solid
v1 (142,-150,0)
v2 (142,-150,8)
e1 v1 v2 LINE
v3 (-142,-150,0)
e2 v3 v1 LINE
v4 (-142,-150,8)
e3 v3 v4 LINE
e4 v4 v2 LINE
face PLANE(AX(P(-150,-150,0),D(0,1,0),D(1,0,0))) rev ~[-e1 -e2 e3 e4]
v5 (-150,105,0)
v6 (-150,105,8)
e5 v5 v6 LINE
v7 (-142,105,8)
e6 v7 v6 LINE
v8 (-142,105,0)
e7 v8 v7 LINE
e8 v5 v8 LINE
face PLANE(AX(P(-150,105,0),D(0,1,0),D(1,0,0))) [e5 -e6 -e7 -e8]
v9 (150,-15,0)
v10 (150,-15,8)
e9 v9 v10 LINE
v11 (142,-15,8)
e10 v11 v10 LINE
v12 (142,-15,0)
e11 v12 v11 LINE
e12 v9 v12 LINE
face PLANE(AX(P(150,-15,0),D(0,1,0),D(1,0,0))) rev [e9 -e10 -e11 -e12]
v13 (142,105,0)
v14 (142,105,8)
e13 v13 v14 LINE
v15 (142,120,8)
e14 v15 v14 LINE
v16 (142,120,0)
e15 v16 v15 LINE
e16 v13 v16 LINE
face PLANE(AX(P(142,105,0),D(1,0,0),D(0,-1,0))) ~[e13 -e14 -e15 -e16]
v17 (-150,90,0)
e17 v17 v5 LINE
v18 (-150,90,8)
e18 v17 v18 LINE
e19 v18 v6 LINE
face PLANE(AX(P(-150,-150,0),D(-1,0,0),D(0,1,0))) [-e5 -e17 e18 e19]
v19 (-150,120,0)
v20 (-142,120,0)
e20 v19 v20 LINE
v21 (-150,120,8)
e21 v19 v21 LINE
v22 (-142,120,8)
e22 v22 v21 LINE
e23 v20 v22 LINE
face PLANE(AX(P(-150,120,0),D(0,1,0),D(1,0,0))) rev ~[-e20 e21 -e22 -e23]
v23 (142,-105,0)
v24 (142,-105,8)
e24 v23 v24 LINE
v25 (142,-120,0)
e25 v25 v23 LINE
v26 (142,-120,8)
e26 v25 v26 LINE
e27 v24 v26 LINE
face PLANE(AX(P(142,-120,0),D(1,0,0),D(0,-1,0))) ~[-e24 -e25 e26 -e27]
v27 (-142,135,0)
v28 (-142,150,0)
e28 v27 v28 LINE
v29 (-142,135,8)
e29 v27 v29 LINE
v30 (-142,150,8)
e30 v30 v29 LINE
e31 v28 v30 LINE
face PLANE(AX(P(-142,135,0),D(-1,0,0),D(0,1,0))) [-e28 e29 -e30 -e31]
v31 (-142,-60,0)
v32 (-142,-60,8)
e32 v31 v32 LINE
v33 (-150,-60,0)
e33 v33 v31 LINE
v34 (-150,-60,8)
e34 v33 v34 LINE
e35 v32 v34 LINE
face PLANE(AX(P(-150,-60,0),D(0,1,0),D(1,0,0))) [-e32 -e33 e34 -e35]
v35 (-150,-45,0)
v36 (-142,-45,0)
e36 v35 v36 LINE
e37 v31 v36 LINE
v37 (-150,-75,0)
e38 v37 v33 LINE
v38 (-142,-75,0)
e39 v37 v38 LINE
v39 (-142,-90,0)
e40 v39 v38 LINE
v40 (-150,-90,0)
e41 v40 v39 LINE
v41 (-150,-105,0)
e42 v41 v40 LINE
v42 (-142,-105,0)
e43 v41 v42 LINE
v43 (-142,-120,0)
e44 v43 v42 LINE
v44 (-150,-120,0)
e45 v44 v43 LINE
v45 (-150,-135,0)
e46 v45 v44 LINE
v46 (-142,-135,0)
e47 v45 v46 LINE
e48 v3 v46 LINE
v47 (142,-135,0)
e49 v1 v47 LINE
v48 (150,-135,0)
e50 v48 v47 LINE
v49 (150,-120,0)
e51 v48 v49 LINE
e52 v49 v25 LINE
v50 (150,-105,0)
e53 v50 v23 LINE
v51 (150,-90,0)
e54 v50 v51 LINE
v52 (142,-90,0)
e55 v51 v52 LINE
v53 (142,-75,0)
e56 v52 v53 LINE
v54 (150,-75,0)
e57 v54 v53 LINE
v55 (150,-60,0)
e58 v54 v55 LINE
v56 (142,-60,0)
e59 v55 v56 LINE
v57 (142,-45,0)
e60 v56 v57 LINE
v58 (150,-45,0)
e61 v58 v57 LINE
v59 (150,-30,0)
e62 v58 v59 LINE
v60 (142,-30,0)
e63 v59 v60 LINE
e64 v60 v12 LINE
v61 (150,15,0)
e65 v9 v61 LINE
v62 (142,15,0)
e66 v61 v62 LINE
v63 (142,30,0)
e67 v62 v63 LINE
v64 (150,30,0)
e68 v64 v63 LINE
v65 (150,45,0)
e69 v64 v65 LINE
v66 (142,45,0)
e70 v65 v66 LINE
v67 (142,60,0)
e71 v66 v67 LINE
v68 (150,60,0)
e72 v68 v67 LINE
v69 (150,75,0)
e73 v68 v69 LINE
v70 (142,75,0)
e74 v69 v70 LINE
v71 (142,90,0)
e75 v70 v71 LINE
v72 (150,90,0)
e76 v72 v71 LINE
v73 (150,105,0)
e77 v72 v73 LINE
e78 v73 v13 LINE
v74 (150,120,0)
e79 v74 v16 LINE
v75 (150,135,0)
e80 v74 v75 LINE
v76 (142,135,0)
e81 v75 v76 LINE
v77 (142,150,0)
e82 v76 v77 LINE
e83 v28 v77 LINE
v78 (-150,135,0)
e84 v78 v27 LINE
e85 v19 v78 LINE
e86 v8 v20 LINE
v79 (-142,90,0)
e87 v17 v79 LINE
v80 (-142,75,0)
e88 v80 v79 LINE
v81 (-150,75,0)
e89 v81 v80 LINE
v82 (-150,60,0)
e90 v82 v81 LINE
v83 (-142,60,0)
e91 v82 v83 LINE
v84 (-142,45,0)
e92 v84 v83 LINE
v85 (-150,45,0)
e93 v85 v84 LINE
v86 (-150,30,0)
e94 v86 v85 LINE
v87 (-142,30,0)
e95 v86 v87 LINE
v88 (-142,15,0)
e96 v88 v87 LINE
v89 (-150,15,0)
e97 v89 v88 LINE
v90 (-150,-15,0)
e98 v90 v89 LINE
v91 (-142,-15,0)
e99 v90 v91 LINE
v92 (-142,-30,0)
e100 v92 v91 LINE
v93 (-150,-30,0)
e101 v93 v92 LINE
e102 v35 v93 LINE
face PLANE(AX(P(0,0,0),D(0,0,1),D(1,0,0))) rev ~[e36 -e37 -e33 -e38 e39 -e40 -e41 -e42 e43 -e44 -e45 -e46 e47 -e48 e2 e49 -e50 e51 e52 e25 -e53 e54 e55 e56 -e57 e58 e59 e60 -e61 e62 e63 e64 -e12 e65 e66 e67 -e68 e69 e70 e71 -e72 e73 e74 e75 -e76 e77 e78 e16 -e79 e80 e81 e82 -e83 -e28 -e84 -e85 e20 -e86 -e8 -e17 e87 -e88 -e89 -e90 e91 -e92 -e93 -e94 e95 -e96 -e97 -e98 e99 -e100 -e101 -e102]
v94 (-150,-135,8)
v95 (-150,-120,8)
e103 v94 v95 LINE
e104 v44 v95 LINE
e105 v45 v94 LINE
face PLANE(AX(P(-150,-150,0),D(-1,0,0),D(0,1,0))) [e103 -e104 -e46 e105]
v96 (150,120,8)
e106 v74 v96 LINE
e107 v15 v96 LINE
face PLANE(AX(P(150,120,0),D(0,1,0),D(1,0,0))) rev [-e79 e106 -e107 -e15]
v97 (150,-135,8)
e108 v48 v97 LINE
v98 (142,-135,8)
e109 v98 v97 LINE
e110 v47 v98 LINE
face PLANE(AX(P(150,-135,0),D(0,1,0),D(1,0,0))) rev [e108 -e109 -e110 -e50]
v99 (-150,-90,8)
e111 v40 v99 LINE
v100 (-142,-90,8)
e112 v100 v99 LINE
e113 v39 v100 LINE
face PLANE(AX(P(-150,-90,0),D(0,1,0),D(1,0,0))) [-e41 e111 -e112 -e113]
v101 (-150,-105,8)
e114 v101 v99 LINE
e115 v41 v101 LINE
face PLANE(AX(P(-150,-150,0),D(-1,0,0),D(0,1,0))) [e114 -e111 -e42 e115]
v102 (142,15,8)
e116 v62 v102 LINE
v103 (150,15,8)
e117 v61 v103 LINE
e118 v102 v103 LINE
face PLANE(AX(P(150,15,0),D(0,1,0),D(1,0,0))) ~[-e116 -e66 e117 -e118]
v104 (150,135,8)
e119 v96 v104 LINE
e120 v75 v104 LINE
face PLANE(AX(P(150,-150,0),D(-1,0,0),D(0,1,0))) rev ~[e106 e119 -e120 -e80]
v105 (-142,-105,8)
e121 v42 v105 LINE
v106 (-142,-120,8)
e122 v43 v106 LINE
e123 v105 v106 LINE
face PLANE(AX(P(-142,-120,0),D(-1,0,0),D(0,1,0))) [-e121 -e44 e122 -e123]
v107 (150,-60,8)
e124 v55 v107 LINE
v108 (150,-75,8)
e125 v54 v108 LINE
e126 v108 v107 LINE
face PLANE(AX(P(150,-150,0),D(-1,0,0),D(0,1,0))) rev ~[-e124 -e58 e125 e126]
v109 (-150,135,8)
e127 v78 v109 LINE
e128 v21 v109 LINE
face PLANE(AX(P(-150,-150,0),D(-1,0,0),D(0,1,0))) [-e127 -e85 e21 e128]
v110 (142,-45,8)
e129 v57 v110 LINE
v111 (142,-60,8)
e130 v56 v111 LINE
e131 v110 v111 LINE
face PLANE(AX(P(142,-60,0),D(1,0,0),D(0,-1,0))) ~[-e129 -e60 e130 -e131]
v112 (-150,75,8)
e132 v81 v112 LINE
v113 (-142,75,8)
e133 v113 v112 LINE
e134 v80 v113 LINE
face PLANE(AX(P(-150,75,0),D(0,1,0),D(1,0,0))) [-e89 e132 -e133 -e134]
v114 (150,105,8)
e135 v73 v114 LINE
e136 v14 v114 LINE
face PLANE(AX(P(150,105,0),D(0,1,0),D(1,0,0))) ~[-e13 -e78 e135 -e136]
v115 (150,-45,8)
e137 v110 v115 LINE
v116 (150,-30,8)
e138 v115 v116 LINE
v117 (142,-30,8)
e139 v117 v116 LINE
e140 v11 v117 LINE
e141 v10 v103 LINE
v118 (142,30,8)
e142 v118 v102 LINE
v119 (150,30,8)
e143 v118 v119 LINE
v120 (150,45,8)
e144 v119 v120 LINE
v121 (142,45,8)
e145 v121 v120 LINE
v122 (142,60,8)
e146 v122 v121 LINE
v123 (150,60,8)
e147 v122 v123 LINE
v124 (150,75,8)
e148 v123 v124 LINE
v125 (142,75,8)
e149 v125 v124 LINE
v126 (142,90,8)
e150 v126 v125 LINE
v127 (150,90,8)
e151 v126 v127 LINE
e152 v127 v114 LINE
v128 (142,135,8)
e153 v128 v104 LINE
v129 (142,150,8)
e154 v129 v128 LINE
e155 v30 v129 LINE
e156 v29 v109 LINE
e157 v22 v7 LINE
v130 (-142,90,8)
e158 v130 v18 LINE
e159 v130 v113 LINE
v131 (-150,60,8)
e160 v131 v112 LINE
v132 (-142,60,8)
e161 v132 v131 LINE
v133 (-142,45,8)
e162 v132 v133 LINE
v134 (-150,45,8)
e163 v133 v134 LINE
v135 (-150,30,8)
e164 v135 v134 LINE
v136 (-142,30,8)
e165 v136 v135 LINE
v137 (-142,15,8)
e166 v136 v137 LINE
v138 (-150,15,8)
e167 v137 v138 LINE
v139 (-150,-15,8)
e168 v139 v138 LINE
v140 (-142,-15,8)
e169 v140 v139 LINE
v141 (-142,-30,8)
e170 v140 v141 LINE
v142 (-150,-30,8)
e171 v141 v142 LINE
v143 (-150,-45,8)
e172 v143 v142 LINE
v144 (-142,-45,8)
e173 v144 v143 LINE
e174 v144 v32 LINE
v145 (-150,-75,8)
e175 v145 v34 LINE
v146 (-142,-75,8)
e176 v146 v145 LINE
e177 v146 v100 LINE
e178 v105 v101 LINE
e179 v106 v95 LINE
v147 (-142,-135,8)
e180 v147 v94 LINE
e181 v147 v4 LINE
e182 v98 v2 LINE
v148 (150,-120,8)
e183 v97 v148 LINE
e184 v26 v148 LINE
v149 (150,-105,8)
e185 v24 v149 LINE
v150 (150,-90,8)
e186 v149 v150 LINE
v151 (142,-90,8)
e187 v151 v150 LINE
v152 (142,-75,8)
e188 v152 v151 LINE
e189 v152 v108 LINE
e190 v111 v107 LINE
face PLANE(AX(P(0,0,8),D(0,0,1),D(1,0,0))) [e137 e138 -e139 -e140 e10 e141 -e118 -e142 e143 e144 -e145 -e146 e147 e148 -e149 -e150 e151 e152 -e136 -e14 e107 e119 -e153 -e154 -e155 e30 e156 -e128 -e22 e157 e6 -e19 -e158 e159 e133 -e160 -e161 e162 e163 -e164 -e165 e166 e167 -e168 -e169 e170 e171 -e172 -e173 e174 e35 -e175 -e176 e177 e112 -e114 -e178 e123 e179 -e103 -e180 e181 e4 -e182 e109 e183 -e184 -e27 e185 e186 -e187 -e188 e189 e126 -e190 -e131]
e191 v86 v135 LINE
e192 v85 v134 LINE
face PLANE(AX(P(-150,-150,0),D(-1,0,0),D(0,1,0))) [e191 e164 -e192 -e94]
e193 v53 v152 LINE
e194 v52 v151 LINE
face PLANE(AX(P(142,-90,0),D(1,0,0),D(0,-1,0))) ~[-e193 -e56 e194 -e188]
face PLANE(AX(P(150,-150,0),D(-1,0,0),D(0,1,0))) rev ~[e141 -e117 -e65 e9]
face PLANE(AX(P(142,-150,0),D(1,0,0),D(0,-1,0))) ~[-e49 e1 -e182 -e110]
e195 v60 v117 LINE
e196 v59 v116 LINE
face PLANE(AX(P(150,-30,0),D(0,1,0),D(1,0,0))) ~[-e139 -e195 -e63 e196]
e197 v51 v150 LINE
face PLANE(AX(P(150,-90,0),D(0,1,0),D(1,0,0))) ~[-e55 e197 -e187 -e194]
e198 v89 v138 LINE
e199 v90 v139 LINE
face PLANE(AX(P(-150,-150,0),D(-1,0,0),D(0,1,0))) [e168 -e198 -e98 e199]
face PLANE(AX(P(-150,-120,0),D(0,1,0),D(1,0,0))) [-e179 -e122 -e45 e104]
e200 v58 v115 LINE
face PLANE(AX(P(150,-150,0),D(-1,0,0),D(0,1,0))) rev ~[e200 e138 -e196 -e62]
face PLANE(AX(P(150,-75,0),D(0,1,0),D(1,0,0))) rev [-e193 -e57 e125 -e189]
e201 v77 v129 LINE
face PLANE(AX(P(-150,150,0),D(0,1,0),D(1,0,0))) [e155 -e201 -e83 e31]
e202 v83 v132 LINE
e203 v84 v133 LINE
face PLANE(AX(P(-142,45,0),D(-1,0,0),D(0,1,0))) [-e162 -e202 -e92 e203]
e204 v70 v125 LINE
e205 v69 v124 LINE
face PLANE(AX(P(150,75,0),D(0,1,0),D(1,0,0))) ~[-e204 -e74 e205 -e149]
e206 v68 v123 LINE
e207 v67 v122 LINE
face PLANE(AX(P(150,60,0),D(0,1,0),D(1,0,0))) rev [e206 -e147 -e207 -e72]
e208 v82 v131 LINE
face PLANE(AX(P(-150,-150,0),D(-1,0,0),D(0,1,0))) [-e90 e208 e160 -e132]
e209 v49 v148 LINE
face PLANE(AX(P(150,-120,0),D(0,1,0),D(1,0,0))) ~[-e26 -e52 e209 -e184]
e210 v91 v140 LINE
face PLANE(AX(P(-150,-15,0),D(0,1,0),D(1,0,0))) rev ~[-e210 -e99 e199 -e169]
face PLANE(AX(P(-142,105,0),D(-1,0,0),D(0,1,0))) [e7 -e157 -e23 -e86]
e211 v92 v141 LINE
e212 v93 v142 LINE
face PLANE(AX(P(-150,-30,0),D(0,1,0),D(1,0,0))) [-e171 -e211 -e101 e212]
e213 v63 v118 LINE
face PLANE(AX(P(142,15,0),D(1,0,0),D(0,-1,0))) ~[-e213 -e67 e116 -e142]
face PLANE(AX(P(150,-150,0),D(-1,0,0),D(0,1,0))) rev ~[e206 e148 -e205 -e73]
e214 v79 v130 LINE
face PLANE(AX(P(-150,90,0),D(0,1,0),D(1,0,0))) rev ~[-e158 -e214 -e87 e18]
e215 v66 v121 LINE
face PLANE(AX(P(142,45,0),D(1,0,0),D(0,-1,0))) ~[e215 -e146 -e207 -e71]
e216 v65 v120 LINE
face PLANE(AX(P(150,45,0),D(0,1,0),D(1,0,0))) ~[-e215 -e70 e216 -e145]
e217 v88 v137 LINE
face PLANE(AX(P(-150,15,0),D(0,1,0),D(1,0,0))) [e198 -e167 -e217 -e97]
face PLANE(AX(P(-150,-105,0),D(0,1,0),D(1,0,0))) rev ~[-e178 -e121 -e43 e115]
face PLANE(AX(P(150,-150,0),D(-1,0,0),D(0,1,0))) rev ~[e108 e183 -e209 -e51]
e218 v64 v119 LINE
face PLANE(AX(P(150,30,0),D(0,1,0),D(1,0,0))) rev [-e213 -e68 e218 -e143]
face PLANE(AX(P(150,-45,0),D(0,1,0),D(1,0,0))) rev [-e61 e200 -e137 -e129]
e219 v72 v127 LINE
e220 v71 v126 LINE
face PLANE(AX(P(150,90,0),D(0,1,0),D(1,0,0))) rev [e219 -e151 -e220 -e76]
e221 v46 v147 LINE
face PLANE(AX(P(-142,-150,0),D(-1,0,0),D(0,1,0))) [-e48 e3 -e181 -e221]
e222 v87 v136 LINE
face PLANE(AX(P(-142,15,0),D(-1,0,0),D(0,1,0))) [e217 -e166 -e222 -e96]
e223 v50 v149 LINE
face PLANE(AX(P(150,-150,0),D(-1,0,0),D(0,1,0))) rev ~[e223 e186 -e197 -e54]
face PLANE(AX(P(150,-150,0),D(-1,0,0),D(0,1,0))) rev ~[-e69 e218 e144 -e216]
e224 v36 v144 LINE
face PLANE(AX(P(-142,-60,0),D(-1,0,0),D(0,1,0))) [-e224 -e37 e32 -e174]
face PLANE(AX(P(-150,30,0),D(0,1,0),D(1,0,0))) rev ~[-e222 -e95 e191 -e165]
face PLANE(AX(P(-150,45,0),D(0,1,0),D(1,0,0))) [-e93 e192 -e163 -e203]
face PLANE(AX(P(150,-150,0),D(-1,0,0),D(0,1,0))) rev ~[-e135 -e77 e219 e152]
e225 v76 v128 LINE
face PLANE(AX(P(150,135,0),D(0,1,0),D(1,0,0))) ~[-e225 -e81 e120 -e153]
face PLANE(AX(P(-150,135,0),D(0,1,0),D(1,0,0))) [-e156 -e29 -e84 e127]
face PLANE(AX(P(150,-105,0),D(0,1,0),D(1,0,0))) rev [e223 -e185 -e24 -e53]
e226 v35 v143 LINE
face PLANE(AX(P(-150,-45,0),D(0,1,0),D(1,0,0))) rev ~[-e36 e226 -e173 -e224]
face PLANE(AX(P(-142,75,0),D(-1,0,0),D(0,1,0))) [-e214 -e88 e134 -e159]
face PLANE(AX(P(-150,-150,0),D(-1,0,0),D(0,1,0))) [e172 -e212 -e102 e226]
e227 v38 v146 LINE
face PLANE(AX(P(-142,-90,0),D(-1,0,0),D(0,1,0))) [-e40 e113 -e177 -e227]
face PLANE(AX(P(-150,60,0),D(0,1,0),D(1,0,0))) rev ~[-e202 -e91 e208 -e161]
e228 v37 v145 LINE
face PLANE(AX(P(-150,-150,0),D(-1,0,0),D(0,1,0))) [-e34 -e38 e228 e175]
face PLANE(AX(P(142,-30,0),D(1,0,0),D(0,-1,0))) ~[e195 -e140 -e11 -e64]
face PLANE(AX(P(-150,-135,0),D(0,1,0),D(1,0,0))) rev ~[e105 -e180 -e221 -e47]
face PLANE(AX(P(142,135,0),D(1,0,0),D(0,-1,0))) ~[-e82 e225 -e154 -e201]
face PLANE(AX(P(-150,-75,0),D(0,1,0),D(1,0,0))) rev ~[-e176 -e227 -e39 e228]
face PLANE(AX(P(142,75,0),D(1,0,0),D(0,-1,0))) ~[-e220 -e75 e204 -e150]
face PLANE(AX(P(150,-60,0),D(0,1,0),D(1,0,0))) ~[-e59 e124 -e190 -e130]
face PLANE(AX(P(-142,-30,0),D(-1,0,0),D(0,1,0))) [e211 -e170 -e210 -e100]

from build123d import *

# Parameters (mm, degrees)
ESQUISSE1_W             = 300
ESQUISSE1_H             = 300
BOSS_EXTRU_1_DEPTH      = 8
ESQUISSE3_W             = 8
ESQUISSE3_H             = 15
ENL_V_MAT_EXTRU_4_DEPTH = 213.282830205


with BuildPart() as part:
    # Esquisse1 → Boss.-Extru.1 (new body)
    with BuildSketch(Plane.XY):
        Rectangle(ESQUISSE1_W, ESQUISSE1_H)
    extrude(amount=BOSS_EXTRU_1_DEPTH)

    # Esquisse3 → Enlèv. mat.-Extru.4 (cut, through all)
    with BuildSketch(Plane.XY):
        with Locations((-146, -22.5)):
            Rectangle(ESQUISSE3_W, ESQUISSE3_H)
        with Locations((-146, -52.5)):
            Rectangle(ESQUISSE3_W, ESQUISSE3_H)
        with Locations((-146, -82.5)):
            Rectangle(ESQUISSE3_W, ESQUISSE3_H)
        with Locations((-146, -112.5)):
            Rectangle(ESQUISSE3_W, ESQUISSE3_H)
        with Locations((-146, -142.5)):
            Rectangle(ESQUISSE3_W, ESQUISSE3_H)
        with Locations((-146, 52.5)):
            Rectangle(ESQUISSE3_W, ESQUISSE3_H)
        with Locations((-146, 142.5)):
            Rectangle(ESQUISSE3_W, ESQUISSE3_H)
        with Locations((-146, 112.5)):
            Rectangle(ESQUISSE3_W, ESQUISSE3_H)
        with Locations((-146, 82.5)):
            Rectangle(ESQUISSE3_W, ESQUISSE3_H)
        with Locations((-146, 22.5)):
            Rectangle(ESQUISSE3_W, ESQUISSE3_H)
    enl_v_mat_extru_4 = extrude(amount=ENL_V_MAT_EXTRU_4_DEPTH, mode=Mode.SUBTRACT)

    # Symétrie1: Enlèv. mat.-Extru.4 across plane
    add(enl_v_mat_extru_4.mirror(Plane(origin=(0, 0, 0), x_dir=(0, 0, 1), z_dir=(1, 0, 0))), mode=Mode.SUBTRACT)


solid = part.part
